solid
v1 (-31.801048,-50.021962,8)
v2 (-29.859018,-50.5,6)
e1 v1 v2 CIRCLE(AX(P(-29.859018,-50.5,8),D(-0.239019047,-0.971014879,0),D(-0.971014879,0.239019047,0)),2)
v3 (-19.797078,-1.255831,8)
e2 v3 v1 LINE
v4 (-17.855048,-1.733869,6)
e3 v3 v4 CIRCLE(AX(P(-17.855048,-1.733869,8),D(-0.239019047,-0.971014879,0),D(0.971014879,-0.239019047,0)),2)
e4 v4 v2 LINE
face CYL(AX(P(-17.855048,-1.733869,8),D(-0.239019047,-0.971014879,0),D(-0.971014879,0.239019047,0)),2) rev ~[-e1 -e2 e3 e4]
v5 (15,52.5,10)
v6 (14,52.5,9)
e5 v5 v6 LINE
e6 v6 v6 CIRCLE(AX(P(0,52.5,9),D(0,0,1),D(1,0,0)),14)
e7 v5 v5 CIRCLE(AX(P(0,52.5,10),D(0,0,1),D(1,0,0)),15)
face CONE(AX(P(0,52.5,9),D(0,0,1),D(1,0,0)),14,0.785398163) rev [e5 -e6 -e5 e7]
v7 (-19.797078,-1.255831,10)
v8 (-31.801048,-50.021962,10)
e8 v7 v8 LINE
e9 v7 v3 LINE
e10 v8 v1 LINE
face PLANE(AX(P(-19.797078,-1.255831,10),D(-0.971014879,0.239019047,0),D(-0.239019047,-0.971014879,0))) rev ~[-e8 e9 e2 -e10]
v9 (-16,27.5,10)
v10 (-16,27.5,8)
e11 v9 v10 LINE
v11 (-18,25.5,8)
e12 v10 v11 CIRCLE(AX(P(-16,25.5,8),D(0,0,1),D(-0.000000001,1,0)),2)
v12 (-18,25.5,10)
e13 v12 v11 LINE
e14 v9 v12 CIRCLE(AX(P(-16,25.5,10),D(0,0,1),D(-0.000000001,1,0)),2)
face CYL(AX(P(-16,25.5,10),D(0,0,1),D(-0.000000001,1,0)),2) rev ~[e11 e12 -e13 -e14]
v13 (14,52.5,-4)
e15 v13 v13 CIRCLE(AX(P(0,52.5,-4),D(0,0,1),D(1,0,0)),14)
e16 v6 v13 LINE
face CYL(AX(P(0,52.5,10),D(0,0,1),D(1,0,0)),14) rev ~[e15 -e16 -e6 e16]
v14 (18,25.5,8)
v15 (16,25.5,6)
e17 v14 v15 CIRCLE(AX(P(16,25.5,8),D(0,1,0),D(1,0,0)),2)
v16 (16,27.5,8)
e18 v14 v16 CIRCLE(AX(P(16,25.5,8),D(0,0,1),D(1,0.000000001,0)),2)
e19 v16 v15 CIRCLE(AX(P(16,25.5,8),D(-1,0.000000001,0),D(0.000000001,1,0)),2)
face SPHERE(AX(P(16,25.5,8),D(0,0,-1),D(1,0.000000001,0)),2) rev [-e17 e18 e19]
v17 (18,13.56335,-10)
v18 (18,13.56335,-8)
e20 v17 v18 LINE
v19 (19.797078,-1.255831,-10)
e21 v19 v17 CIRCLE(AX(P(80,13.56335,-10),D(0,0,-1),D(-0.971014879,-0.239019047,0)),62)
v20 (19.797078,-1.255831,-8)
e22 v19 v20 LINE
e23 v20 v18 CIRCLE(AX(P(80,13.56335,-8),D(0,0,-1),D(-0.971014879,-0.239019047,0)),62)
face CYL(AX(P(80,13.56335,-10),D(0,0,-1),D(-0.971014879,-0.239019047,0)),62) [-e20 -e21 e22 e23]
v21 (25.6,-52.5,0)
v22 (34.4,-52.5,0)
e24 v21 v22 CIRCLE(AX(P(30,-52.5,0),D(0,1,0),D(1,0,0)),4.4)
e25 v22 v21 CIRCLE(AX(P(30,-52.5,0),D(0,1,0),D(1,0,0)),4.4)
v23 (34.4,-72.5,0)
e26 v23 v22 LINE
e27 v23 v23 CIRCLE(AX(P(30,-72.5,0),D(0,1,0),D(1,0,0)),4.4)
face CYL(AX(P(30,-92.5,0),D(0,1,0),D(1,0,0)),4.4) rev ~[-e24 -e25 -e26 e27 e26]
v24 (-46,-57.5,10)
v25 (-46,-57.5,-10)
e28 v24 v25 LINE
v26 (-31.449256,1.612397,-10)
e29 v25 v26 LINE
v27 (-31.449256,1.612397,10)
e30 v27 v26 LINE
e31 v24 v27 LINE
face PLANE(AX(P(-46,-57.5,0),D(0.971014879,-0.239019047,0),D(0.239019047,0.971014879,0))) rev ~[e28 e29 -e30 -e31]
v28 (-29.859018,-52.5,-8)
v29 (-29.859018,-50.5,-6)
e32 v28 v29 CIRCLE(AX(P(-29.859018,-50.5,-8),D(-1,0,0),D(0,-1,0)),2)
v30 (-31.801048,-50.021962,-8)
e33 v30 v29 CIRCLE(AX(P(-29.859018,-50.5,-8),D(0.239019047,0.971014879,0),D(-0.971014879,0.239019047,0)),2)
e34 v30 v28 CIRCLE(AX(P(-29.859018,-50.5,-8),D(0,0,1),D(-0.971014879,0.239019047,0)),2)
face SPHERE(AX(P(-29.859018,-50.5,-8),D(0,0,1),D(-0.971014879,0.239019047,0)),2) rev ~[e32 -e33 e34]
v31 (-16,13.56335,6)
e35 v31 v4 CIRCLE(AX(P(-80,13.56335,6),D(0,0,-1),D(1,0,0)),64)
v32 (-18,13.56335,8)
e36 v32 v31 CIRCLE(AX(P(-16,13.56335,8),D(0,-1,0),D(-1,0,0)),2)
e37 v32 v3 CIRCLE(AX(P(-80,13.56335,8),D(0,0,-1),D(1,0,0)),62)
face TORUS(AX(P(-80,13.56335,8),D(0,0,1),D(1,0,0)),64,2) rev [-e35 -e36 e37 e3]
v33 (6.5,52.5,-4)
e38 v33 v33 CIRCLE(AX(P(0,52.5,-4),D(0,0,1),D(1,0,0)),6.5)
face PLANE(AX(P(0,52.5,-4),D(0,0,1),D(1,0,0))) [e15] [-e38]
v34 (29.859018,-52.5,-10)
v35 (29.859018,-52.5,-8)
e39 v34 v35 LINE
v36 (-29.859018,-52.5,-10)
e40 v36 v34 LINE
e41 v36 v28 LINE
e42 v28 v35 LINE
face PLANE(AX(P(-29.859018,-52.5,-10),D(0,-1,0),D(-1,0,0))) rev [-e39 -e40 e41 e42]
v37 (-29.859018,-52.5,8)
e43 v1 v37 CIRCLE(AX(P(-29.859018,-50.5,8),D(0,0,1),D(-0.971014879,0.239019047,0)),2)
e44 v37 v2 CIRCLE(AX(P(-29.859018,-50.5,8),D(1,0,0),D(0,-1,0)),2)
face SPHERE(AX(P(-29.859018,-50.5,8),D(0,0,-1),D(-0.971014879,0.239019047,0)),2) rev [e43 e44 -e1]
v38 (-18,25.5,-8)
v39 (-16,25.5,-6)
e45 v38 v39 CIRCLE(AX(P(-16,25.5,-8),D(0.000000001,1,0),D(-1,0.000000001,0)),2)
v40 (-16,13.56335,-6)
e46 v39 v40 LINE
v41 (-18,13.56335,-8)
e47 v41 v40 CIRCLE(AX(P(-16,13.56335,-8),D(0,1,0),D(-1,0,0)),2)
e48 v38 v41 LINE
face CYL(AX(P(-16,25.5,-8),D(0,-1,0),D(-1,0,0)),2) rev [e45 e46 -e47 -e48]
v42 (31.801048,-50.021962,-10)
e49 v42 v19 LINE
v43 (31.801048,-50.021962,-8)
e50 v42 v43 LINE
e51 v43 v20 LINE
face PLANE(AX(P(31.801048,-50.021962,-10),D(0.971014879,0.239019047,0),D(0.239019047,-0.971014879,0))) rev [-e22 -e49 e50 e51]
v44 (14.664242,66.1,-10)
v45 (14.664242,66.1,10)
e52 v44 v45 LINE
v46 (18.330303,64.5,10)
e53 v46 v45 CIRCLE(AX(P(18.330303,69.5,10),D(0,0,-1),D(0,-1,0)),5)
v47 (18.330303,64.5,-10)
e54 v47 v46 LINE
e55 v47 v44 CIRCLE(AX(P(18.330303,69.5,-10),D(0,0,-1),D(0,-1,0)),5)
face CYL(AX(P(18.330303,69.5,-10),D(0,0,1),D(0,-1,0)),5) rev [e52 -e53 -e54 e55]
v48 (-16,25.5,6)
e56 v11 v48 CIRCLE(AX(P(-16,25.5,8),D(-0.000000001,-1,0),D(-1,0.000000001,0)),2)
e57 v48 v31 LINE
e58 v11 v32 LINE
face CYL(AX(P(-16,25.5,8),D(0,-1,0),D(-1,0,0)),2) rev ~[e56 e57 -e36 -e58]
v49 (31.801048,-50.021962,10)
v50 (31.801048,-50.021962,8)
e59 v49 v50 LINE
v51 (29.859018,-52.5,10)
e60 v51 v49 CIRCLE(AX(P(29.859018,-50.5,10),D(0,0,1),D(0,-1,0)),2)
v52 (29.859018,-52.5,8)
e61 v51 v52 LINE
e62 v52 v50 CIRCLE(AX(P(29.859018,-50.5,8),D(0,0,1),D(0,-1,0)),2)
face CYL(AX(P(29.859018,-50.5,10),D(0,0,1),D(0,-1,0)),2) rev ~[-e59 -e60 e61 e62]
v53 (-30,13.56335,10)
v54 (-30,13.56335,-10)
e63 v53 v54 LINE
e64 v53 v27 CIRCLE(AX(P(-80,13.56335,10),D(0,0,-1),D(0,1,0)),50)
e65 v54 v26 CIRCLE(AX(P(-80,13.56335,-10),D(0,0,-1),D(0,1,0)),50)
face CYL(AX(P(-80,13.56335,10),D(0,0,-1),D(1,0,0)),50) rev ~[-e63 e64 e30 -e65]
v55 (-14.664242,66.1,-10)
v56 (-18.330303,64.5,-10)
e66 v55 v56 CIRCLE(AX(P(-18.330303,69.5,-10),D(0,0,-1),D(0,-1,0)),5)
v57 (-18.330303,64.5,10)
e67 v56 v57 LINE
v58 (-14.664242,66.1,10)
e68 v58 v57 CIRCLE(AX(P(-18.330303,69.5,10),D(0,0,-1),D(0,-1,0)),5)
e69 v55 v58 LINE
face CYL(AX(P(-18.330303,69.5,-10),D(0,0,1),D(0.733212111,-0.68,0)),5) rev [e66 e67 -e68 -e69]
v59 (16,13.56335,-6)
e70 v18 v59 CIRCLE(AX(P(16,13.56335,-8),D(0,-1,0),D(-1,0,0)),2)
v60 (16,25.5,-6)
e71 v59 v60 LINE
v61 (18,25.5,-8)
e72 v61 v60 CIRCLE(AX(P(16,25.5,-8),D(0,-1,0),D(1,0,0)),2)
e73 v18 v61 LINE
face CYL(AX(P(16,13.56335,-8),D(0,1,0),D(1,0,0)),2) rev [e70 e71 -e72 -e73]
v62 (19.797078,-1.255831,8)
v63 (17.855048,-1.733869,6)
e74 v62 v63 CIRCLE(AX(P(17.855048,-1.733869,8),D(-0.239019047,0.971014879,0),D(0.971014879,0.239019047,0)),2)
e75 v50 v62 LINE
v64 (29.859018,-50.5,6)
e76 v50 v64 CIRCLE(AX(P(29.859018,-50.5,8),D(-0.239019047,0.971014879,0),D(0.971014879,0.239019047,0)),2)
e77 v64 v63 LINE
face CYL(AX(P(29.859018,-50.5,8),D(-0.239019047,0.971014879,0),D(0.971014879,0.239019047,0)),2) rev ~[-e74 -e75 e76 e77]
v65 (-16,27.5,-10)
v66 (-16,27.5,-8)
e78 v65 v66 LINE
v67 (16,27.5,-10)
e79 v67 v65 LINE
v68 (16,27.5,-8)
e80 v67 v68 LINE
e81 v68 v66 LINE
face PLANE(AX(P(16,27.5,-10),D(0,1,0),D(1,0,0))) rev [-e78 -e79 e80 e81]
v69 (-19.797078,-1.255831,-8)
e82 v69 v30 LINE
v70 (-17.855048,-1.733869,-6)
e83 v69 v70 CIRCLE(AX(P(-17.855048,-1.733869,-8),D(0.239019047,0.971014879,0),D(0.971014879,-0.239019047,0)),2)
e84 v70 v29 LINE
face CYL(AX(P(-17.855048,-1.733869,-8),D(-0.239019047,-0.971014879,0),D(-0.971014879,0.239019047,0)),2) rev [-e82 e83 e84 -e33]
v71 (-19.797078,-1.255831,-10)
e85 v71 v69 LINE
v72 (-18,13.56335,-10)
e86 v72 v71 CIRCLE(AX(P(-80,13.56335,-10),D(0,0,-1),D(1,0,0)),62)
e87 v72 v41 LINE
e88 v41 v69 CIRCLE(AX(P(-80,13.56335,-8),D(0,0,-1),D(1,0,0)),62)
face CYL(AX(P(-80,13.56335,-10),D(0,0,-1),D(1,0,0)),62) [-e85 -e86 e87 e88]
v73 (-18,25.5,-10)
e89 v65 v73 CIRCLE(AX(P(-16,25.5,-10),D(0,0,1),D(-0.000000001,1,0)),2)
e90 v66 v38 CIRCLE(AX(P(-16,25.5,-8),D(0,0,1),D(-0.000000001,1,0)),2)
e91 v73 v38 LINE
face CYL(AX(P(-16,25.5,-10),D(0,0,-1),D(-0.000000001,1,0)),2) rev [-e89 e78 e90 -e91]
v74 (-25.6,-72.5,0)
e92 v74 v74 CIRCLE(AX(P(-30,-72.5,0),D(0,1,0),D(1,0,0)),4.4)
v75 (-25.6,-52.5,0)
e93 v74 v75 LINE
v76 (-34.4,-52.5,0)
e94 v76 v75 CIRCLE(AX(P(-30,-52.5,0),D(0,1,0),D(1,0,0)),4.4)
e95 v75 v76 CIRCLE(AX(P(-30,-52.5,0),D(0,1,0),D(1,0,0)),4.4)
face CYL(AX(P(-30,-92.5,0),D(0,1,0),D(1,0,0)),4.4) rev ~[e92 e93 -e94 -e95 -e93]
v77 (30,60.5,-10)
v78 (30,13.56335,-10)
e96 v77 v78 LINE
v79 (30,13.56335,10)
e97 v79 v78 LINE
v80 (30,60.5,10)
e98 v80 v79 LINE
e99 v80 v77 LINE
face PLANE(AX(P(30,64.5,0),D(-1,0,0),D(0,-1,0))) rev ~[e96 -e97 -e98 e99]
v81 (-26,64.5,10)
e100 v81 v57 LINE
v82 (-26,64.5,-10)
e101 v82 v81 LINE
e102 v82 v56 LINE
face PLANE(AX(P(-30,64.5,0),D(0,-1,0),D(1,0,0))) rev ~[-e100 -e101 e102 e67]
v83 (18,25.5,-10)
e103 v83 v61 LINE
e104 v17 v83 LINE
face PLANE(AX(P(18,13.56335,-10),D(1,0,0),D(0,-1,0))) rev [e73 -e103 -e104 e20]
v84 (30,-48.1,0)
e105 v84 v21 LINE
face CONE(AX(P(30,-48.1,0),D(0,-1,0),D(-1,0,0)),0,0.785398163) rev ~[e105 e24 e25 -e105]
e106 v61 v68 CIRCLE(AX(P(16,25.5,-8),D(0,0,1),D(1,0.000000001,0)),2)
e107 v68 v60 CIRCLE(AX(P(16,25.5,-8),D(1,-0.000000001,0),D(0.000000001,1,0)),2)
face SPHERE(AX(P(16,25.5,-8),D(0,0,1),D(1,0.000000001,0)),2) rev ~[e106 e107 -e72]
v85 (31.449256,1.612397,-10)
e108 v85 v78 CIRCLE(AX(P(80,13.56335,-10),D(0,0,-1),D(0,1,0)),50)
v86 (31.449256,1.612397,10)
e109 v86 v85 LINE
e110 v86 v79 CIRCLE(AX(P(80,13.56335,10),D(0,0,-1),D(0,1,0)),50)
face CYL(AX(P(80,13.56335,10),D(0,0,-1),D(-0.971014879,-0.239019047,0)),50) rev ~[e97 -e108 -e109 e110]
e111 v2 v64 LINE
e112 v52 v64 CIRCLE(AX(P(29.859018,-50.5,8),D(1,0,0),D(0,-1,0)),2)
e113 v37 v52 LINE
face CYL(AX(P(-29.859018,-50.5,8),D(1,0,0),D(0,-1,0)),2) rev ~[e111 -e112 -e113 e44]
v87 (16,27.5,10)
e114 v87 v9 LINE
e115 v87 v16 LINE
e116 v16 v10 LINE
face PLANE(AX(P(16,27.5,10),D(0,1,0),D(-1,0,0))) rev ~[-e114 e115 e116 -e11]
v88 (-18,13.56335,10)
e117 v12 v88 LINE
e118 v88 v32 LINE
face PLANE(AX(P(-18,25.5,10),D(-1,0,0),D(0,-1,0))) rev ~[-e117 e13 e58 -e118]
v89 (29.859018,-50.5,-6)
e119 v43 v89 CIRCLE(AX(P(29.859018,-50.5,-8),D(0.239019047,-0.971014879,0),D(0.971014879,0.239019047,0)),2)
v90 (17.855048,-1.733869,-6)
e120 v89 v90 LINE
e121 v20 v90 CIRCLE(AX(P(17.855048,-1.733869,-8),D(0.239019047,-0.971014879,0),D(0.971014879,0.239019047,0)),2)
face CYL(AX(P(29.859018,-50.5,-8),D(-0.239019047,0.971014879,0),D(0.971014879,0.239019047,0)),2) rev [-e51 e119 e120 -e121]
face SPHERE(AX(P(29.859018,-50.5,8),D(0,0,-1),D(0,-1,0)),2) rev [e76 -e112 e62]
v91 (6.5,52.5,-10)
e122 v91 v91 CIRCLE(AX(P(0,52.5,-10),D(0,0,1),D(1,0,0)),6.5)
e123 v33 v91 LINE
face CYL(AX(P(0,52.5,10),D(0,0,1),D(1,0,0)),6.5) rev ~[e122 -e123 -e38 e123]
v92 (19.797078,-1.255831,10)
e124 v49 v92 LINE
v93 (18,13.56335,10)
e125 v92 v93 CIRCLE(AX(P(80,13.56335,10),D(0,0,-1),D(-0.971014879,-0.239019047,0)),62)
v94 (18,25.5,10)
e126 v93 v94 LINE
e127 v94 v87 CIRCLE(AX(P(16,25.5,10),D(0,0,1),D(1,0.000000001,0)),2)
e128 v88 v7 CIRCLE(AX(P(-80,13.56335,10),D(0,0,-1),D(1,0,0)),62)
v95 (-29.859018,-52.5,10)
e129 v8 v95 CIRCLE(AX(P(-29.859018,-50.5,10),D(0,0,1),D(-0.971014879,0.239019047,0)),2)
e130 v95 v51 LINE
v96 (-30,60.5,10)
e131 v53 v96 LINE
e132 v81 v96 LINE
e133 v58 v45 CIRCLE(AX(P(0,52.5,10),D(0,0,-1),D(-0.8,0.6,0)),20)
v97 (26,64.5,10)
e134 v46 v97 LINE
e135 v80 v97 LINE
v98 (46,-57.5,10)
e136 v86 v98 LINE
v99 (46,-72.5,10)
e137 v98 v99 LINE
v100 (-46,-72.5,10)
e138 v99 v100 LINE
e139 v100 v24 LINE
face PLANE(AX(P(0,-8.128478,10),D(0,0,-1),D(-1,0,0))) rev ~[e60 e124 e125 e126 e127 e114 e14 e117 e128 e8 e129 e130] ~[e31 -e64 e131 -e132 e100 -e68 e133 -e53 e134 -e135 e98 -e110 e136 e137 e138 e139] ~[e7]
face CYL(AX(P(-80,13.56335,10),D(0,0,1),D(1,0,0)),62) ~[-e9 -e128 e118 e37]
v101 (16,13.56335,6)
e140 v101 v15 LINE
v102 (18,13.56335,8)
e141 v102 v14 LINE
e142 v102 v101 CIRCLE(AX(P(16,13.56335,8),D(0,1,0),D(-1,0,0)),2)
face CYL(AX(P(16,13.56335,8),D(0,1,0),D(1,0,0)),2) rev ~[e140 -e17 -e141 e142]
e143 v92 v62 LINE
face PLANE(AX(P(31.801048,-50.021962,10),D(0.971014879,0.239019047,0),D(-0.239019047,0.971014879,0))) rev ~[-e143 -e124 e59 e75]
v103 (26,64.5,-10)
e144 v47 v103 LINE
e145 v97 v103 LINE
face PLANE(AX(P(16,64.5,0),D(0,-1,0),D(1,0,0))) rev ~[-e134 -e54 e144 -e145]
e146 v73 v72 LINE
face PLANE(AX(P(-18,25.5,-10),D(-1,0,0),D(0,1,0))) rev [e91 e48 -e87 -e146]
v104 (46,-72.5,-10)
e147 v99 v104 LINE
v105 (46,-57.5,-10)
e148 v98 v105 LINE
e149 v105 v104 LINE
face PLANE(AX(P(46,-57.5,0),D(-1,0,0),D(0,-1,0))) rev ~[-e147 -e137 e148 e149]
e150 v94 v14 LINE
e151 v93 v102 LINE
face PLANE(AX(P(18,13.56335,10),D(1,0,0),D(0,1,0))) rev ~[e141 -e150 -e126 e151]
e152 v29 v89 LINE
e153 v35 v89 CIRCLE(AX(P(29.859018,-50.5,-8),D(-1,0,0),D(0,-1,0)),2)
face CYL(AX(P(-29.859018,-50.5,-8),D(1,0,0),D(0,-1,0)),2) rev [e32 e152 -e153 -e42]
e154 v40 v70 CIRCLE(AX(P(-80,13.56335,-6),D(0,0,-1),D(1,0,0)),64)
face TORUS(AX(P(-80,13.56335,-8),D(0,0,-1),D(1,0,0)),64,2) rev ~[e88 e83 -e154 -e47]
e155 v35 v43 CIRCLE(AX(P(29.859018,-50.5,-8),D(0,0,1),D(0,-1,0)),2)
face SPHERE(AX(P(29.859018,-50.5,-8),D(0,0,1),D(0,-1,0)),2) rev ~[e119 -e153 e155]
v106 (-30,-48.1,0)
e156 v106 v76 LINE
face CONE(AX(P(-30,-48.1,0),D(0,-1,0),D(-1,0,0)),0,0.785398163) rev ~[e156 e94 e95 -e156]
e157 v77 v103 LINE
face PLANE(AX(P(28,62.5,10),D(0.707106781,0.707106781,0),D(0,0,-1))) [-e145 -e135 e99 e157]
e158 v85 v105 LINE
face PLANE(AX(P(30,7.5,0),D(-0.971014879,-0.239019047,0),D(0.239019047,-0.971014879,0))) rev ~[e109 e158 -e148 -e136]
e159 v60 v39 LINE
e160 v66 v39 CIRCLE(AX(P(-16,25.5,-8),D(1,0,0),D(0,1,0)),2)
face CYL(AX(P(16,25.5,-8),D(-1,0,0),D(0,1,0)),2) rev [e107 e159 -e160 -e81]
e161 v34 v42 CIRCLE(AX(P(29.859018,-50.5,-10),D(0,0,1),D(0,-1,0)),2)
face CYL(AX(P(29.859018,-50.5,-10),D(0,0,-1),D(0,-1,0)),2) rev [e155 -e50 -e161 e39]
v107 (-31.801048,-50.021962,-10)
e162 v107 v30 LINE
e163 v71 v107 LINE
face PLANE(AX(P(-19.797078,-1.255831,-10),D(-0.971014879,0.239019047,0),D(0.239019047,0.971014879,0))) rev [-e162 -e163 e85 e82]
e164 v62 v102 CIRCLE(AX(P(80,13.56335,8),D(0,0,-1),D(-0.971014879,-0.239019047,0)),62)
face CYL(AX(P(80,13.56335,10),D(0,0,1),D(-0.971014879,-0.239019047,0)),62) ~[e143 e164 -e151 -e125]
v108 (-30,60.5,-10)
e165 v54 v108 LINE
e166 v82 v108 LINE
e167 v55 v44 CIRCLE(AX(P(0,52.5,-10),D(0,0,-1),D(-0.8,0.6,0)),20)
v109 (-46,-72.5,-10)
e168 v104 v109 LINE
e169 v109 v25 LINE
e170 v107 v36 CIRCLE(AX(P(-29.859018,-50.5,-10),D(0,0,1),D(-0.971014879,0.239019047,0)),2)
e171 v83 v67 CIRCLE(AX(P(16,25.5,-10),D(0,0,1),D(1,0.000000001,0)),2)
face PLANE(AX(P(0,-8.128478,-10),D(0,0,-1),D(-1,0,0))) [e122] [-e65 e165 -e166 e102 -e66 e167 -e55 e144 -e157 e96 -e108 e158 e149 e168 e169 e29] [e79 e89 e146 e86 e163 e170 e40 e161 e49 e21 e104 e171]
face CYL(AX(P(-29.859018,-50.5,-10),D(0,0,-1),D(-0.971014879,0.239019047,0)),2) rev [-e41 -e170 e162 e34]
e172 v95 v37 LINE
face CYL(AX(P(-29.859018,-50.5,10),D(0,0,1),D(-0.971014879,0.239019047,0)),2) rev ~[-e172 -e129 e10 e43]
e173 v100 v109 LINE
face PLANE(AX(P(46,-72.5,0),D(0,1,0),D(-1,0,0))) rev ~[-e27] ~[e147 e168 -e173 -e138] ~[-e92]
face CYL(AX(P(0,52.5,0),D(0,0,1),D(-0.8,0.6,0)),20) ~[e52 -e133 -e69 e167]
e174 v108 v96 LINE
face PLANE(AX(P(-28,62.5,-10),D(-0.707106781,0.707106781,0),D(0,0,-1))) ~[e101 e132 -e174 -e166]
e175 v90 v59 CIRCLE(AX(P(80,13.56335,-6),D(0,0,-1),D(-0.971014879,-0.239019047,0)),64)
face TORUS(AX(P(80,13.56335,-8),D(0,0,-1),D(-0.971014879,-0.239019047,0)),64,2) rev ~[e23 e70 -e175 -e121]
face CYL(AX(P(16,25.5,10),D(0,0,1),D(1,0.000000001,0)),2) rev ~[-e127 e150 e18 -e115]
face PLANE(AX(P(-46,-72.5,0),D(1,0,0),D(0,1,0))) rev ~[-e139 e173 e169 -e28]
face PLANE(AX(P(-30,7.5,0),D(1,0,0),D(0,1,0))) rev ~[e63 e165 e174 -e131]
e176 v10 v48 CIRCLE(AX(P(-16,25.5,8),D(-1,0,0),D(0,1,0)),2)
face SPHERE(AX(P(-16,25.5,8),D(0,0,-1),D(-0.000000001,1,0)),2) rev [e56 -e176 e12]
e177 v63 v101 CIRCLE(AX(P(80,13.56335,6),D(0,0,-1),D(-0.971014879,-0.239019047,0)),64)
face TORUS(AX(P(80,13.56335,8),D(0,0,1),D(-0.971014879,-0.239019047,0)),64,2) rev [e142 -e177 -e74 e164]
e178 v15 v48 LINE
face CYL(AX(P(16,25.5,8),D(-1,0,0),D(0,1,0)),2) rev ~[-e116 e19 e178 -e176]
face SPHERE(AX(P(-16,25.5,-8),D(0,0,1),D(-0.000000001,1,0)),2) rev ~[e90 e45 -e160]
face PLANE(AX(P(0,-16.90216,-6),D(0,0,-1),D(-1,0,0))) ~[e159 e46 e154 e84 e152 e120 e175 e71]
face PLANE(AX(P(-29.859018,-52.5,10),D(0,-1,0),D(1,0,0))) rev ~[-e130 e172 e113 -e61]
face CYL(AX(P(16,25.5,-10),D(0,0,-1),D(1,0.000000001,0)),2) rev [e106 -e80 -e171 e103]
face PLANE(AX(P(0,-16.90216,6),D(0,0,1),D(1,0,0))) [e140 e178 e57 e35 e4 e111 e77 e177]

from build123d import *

# Parameters (mm, degrees)
BOSS_EXTRUDE1_DEPTH               = 10
FILLET1_R                         = 50
FILLET2_R                         = 50
CUT_EXTRUDE1_DEPTH                = 4
SKETCH6_R                         = 6.5
CUT_EXTRUDE2_DEPTH                = 89.160365244
SKETCH7_R                         = 14
CUT_EXTRUDE3_DEPTH                = 14
CHAMFER1_SIZE                     = 4
FILLET3_R                         = 5
TAP_DRILL_FOR_M10X1_25_TAP1_D     = 8.8
TAP_DRILL_FOR_M10X1_25_TAP1_DEPTH = 20
TAP_DRILL_FOR_M10X1_25_TAP1_TIP   = 4.4
CHAMFER2_SIZE                     = 1
FILLET4_R                         = 2


with BuildPart() as part:
    # Sketch2 → Boss-Extrude1 (new, symmetric)
    with BuildSketch(Plane.XY):
        with BuildLine():
            Line((16, 64.5), (30, 64.5))
            Line((30, 64.5), (30, 7.5))
            Line((30, 7.5), (46, -57.5))
            Line((46, -57.5), (46, -72.5))
            Line((46, -72.5), (-46, -72.5))
            Line((-46, -72.5), (-46, -57.5))
            Line((-46, -57.5), (-30, 7.5))
            Line((-30, 7.5), (-30, 64.5))
            Line((-30, 64.5), (-16, 64.5))
            ThreePointArc((-16, 64.5), (0, 72.5), (16, 64.5))
        make_face()
    extrude(amount=BOSS_EXTRUDE1_DEPTH, both=True)

    # Fillet1
    fillet1_edges = [part.edges().sort_by_distance(p)[0] for p in [
        (-30, 7.5, 0),
    ]]
    fillet(fillet1_edges, radius=FILLET1_R)

    # Fillet2
    fillet2_edges = [part.edges().sort_by_distance(p)[0] for p in [
        (30, 7.5, 0),
    ]]
    fillet(fillet2_edges, radius=FILLET2_R)

    # Sketch5 → Cut-Extrude1 (cut)
    with BuildSketch(Plane.XY.offset(10)):
        with BuildLine():
            Line((-19.797077506, -1.255831282), (-31.801048121, -50.021961906))
            ThreePointArc((-31.801048121, -50.021961906), (-31.433196909, -51.733678202), (-29.859018363, -52.5))
            Line((-29.859018363, -52.5), (29.859018363, -52.5))
            ThreePointArc((29.859018363, -52.5), (31.433196909, -51.733678202), (31.801048121, -50.021961906))
            Line((31.801048121, -50.021961906), (19.797077506, -1.255831282))
            ThreePointArc((19.797077506, -1.255831282), (18.450909046, 6.09947647), (18, 13.56334964))
            Line((18, 13.56334964), (18, 25.5))
            ThreePointArc((18, 25.5), (17.414213562, 26.914213562), (16, 27.5))
            Line((16, 27.5), (-16, 27.5))
            ThreePointArc((-16, 27.5), (-17.414213562, 26.914213562), (-18, 25.5))
            Line((-18, 25.5), (-18, 13.56334964))
            ThreePointArc((-18, 13.56334964), (-18.450909046, 6.09947647), (-19.797077506, -1.255831282))
        make_face()
    cut_extrude1 = extrude(amount=-CUT_EXTRUDE1_DEPTH, mode=Mode.SUBTRACT)

    # Mirror1: Cut-Extrude1 across plane
    add(cut_extrude1.mirror(Plane.XY), mode=Mode.SUBTRACT)

    # Sketch6 → Cut-Extrude2 (cut, through all)
    with BuildSketch(Plane.XY.offset(10)):
        with Locations((0, 52.5)):
            Circle(SKETCH6_R)
    extrude(amount=-CUT_EXTRUDE2_DEPTH, mode=Mode.SUBTRACT)

    # Sketch7 → Cut-Extrude3 (cut)
    with BuildSketch(Plane.XY.offset(10)):
        with Locations((0, 52.5)):
            Circle(SKETCH7_R)
    extrude(amount=-CUT_EXTRUDE3_DEPTH, mode=Mode.SUBTRACT)

    # Chamfer1
    chamfer1_edges = [part.edges().sort_by_distance(p)[0] for p in [
        (-30, 64.5, 0),
        (30, 64.5, 0),
    ]]
    chamfer(chamfer1_edges, length=CHAMFER1_SIZE)

    # Fillet3
    fillet3_edges = [part.edges().sort_by_distance(p)[0] for p in [
        (-16, 64.5, 0),
        (16, 64.5, 0),
    ]]
    fillet(fillet3_edges, radius=FILLET3_R)

    # Tap Drill for M10x1.25 Tap1
    with Locations(Plane(origin=(0, -72.5, 0), x_dir=(-1, 0, 0), z_dir=(0, -1, 0))):
        with Locations((30, 0), (-30, 0)):
            Hole(TAP_DRILL_FOR_M10X1_25_TAP1_D / 2, depth=TAP_DRILL_FOR_M10X1_25_TAP1_DEPTH)
            with Locations((0, 0, -(TAP_DRILL_FOR_M10X1_25_TAP1_DEPTH + TAP_DRILL_FOR_M10X1_25_TAP1_TIP / 2))):  # 90° drill point
                Cone(0, TAP_DRILL_FOR_M10X1_25_TAP1_D / 2, TAP_DRILL_FOR_M10X1_25_TAP1_TIP, mode=Mode.SUBTRACT)

    # Chamfer2
    chamfer2_edges = [part.edges().sort_by_distance(p)[0] for p in [
        (-14, 52.5, 10),
    ]]
    chamfer(chamfer2_edges, length=CHAMFER2_SIZE)

    # Fillet4
    fillet4_edges = [part.edges().sort_by_distance(p)[0] for p in [
        (31.433196909, -51.733678202, 6),
        (0, -52.5, 6),
        (-31.433196909, -51.733678202, 6),
        (-25.799062814, -25.638896594, 6),
        (-18.450909046, 6.09947647, 6),
        (-18, 19.53167482, 6),
        (-17.414213562, 26.914213562, 6),
        (0, 27.5, 6),
        (17.414213562, 26.914213562, 6),
        (18, 19.53167482, 6),
        (18.450909046, 6.09947647, 6),
        (25.799062814, -25.638896594, 6),
        (31.433196909, -51.733678202, -6),
        (25.799062814, -25.638896594, -6),
        (18.450909046, 6.09947647, -6),
        (18, 19.53167482, -6),
        (17.414213562, 26.914213562, -6),
        (0, 27.5, -6),
        (-17.414213562, 26.914213562, -6),
        (-18, 19.53167482, -6),
        (-18.450909046, 6.09947647, -6),
        (-25.799062814, -25.638896594, -6),
        (-31.433196909, -51.733678202, -6),
        (0, -52.5, -6),
    ]]
    fillet(fillet4_edges, radius=FILLET4_R)


solid = part.part
